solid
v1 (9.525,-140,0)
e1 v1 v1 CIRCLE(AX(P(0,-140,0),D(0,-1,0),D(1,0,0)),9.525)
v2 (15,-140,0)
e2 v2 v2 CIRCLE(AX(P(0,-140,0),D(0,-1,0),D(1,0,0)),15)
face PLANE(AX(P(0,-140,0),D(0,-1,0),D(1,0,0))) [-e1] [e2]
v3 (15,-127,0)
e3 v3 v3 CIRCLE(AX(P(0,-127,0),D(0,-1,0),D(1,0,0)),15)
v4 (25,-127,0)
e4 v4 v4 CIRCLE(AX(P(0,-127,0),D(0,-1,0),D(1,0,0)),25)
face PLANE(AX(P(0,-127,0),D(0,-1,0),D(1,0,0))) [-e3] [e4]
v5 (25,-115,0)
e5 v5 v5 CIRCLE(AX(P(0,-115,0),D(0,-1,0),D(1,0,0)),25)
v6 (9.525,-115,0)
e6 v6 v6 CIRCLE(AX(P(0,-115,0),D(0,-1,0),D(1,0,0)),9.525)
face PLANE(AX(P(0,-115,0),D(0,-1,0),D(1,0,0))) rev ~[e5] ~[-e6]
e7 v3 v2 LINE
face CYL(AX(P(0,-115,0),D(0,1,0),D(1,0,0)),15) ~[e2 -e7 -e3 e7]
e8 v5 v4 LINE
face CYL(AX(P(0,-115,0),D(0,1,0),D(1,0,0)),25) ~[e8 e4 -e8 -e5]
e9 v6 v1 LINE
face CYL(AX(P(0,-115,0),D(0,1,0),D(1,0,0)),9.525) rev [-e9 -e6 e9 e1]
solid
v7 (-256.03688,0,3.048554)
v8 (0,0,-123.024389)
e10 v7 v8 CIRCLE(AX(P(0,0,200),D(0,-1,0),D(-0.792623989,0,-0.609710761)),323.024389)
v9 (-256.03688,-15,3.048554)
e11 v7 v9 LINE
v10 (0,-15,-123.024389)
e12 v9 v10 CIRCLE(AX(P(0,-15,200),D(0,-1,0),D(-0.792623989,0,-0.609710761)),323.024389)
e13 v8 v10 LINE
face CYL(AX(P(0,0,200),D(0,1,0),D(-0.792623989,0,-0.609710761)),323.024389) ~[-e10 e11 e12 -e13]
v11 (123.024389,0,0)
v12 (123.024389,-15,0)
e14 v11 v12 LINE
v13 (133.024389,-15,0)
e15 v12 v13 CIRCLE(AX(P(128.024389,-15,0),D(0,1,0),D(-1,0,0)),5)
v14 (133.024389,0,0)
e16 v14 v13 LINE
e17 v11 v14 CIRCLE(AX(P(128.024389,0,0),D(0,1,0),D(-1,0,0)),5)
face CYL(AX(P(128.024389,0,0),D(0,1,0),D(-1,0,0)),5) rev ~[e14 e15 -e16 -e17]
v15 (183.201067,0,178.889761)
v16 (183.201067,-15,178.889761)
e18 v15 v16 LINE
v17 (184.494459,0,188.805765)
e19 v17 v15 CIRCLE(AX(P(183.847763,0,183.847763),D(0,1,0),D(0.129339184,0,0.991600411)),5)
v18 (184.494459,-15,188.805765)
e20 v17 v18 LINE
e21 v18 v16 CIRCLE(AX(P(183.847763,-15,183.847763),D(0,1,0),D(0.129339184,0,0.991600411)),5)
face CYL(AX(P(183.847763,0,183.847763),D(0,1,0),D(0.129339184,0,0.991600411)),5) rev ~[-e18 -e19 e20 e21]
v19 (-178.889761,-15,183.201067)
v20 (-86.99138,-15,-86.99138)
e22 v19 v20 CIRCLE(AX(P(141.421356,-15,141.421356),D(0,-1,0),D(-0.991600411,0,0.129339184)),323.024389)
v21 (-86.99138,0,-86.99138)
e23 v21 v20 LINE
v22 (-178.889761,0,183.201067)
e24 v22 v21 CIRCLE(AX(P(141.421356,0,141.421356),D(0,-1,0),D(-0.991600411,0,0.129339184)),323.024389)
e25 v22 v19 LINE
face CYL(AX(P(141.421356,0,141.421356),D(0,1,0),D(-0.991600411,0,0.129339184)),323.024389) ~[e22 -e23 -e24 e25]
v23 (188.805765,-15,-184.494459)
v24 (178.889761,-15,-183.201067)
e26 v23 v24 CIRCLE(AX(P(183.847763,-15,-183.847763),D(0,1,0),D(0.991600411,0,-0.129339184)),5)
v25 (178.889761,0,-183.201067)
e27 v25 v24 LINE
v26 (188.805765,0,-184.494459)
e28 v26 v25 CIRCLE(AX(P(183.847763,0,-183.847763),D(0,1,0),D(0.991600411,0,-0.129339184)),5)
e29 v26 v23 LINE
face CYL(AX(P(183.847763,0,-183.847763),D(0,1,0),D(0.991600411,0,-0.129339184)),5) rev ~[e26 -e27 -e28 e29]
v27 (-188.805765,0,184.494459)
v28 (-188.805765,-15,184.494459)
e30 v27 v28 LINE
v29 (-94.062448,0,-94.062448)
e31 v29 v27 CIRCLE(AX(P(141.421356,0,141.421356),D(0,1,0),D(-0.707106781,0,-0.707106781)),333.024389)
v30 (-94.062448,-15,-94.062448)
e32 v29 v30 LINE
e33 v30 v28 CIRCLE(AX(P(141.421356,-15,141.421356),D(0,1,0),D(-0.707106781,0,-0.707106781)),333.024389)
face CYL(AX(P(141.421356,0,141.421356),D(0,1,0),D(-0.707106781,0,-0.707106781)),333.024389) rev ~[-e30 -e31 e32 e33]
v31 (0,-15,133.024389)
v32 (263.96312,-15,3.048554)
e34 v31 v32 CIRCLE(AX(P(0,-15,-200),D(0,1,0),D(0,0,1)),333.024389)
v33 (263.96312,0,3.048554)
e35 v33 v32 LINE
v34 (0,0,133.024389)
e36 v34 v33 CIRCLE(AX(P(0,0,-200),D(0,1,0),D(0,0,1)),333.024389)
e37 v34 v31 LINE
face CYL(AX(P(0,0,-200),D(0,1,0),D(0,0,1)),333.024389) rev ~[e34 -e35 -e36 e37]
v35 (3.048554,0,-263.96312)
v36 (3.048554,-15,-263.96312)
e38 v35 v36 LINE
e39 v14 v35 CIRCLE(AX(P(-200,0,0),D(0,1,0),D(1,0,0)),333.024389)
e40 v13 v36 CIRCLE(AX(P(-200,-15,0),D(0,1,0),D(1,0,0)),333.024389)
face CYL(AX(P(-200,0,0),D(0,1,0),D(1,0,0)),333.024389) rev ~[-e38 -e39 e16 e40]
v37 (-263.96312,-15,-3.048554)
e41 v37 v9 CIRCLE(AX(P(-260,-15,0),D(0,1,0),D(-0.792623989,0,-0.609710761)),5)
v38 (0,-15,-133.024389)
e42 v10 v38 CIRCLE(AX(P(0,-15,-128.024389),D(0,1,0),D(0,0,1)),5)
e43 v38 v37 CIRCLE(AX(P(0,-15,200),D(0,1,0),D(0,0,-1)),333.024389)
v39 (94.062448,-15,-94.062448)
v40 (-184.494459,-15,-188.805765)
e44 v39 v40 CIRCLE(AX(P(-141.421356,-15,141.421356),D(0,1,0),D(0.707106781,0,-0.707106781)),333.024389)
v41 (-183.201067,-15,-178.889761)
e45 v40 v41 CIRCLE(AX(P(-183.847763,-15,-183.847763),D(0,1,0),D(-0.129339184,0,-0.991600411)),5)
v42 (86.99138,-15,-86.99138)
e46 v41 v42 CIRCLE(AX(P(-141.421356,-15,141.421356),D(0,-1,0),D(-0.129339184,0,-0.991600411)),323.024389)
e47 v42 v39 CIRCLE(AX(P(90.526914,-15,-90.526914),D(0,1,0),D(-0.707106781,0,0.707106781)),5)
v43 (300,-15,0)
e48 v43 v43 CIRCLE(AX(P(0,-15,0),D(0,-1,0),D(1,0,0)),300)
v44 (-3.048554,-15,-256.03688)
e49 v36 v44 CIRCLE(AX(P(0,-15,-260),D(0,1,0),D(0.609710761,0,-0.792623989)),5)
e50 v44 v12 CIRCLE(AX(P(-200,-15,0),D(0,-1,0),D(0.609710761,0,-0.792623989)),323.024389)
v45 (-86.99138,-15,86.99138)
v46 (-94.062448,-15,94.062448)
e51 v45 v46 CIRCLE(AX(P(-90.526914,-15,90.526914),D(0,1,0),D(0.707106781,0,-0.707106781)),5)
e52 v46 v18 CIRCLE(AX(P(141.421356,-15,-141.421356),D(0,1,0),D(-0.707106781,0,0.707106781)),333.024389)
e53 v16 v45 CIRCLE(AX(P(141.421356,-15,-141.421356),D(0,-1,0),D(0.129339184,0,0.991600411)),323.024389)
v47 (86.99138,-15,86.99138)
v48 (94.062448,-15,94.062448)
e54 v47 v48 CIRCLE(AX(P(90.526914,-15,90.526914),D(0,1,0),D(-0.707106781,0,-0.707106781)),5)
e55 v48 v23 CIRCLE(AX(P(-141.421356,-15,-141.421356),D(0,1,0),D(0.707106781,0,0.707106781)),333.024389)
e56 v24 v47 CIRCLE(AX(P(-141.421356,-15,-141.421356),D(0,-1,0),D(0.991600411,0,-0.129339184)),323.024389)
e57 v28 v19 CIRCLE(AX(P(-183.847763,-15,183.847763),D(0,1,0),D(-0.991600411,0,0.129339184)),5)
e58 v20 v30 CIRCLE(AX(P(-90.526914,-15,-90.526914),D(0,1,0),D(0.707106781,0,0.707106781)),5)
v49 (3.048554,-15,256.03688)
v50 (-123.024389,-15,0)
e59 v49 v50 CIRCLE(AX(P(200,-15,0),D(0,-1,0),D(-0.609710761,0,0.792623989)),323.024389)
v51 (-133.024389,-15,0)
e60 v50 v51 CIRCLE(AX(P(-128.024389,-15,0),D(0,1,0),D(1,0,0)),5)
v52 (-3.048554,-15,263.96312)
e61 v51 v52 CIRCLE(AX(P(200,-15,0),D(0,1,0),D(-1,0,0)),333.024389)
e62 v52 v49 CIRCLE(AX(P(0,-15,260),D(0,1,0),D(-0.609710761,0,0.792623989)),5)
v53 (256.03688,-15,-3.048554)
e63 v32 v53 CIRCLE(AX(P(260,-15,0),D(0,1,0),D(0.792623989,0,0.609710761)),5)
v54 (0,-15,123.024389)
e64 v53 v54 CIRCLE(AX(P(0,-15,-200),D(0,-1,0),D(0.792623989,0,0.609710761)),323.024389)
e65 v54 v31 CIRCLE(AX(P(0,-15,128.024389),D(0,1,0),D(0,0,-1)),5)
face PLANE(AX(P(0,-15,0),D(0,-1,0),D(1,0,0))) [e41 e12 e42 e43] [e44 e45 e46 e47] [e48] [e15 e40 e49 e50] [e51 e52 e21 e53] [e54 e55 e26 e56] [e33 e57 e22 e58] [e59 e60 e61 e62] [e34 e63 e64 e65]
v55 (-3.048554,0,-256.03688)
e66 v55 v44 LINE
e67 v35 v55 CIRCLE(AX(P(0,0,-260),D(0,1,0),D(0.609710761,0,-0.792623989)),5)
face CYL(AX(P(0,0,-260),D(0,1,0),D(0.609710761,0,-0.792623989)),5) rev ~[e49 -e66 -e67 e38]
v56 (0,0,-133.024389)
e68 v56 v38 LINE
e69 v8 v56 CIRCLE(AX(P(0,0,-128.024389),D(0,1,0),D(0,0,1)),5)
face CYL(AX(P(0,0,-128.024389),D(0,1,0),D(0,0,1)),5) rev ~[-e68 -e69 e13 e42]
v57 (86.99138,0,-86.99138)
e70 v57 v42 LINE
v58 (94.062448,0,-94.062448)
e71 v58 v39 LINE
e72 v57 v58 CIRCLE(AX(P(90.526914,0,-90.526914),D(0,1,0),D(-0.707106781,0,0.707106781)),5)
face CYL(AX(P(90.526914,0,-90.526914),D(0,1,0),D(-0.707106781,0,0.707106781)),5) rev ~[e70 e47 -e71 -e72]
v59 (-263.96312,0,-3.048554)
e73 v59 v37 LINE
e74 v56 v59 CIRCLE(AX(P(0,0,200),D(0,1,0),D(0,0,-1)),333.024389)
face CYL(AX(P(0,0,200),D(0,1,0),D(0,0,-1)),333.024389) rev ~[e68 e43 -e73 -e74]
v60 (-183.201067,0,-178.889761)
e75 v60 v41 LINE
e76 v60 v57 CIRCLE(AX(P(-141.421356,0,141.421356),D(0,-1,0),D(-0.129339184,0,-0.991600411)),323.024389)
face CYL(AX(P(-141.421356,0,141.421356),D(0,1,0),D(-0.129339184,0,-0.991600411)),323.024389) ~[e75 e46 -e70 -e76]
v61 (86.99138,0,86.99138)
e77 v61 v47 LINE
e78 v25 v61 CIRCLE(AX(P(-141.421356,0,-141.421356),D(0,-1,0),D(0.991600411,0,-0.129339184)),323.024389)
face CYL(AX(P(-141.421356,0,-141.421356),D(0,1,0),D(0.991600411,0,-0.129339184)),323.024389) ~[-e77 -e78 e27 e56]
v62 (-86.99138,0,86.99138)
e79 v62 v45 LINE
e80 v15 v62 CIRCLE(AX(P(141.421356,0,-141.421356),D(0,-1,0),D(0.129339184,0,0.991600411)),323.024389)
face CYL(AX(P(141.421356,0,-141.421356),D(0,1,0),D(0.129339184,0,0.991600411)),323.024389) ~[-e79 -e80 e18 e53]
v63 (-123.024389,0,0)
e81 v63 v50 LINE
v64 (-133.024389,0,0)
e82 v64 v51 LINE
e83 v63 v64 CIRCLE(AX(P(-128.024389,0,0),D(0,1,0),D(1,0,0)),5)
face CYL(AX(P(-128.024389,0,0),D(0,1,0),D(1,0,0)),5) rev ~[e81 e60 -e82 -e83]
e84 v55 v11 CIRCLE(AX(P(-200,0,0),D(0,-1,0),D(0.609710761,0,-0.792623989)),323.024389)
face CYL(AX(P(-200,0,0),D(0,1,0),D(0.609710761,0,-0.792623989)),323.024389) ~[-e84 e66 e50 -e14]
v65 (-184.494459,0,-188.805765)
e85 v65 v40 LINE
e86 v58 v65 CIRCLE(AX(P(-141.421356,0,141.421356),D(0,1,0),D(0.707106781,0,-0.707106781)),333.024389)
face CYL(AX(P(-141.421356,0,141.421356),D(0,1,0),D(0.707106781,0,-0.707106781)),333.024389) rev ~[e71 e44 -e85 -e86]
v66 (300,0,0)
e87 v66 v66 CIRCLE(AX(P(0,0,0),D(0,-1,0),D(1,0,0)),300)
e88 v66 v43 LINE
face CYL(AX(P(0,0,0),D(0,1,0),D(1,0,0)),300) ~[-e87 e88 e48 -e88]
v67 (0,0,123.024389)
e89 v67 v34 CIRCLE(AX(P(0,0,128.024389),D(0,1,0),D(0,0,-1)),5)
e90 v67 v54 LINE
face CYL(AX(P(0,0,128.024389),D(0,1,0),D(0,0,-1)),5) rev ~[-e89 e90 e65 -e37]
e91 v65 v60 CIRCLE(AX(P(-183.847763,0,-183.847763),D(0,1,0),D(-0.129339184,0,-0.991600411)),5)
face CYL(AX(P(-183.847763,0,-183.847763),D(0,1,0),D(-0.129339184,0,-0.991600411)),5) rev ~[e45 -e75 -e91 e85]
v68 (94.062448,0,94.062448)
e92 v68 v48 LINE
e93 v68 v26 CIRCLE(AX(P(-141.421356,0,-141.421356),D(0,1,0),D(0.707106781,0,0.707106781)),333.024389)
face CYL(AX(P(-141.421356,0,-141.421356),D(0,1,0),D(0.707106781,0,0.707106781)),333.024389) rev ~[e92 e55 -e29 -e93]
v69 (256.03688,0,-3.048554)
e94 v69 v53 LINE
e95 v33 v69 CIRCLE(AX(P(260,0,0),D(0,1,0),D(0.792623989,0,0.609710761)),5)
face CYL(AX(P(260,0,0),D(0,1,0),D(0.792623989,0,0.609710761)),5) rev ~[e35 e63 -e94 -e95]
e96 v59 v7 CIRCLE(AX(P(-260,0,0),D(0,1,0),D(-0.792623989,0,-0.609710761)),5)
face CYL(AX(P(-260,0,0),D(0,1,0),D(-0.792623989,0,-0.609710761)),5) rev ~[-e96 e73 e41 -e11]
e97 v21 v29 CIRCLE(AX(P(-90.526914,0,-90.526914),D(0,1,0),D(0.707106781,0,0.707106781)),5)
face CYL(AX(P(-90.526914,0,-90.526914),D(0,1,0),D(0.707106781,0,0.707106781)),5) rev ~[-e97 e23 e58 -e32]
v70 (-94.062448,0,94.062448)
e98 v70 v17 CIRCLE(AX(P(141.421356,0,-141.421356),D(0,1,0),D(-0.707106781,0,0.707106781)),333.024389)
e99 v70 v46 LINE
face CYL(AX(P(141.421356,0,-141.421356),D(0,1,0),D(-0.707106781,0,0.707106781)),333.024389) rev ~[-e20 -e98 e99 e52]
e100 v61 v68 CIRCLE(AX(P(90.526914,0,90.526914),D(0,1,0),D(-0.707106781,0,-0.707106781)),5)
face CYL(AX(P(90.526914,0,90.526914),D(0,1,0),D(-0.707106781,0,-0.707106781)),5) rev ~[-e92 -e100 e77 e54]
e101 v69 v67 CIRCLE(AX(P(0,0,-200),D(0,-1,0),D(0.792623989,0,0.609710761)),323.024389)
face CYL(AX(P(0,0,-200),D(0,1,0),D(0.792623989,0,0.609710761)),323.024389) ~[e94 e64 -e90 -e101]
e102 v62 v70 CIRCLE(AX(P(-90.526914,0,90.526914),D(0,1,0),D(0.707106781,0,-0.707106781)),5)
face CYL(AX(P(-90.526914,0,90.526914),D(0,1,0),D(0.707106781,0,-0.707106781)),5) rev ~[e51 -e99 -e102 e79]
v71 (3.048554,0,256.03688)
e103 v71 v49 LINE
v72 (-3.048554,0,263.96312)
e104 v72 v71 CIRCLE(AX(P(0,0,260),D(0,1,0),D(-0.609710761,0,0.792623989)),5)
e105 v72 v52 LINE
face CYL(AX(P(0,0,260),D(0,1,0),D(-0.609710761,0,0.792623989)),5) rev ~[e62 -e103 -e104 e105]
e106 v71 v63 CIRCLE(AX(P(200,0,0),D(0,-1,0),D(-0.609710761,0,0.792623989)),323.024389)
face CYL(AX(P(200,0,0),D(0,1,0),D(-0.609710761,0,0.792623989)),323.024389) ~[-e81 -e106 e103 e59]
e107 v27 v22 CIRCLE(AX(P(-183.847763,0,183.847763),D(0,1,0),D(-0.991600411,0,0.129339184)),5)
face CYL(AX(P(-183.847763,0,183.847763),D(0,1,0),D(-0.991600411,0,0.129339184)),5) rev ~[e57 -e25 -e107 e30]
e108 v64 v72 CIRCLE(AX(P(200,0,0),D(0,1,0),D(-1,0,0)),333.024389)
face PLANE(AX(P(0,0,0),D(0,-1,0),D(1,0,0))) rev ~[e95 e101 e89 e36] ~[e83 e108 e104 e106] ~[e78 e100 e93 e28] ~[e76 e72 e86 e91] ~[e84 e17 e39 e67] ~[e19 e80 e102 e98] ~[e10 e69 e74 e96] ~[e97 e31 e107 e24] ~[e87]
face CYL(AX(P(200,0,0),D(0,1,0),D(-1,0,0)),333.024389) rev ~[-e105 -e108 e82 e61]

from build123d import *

# Parameters (mm, degrees)
F0_R     = 300
F1_DEPTH = 15
F3_R     = 15
F3_R_2   = 9.525
F4_DEPTH = 25
F3_R_3   = 25
F5_DEPTH = 12


with BuildPart() as f1:
    # F0 (on Front) → F1 (new body)
    with BuildSketch(Plane.XZ):
        Circle(F0_R)
        with BuildLine():
            ThreePointArc((94.0624477635, -94.0624477635), (-34.1854315992, -173.8653392644), (-184.4944590288, -188.8057651644))
            ThreePointArc((-184.4944590288, -188.8057651644), (-188.8057651644, -183.2010671882), (-183.2010671882, -178.8897610526))
            ThreePointArc((-183.2010671882, -178.8897610526), (-37.405493795, -164.3979637328), (86.9913799516, -86.9913799516))
            ThreePointArc((86.9913799516, -86.9913799516), (94.0624477635, -86.9913799516), (94.0624477635, -94.0624477635))
        make_face(mode=Mode.SUBTRACT)
        with BuildLine():
            ThreePointArc((0, -133.0243893371), (-147.1141109087, -98.7686099056), (-263.9631199455, -3.0485538042))
            ThreePointArc((-263.9631199455, -3.0485538042), (-263.0485538042, 3.9631199455), (-256.0368800545, 3.0485538042))
            ThreePointArc((-256.0368800545, 3.0485538042), (-142.6965932848, -89.7972366527), (0, -123.0243893371))
            ThreePointArc((0, -123.0243893371), (5, -128.0243893371), (0, -133.0243893371))
        make_face(mode=Mode.SUBTRACT)
        with BuildLine():
            ThreePointArc((133.0243893371, 0), (98.7686099056, -147.1141109087), (3.0485538042, -263.9631199455))
            ThreePointArc((3.0485538042, -263.9631199455), (-3.9631199455, -263.0485538042), (-3.0485538042, -256.0368800545))
            ThreePointArc((-3.0485538042, -256.0368800545), (89.7972366527, -142.6965932848), (123.0243893371, 0))
            ThreePointArc((123.0243893371, 0), (128.0243893371, 5), (133.0243893371, 0))
        make_face(mode=Mode.SUBTRACT)
        with BuildLine():
            ThreePointArc((94.0624477635, 94.0624477635), (173.8653392644, -34.1854315992), (188.8057651644, -184.4944590288))
            ThreePointArc((188.8057651644, -184.4944590288), (183.2010671882, -188.8057651644), (178.8897610526, -183.2010671882))
            ThreePointArc((178.8897610526, -183.2010671882), (164.3979637328, -37.405493795), (86.9913799516, 86.9913799516))
            ThreePointArc((86.9913799516, 86.9913799516), (86.9913799516, 94.0624477635), (94.0624477635, 94.0624477635))
        make_face(mode=Mode.SUBTRACT)
        with BuildLine():
            ThreePointArc((-94.0624477635, -94.0624477635), (-173.8653392644, 34.1854315992), (-188.8057651644, 184.4944590288))
            ThreePointArc((-188.8057651644, 184.4944590288), (-183.2010671882, 188.8057651644), (-178.8897610526, 183.2010671882))
            ThreePointArc((-178.8897610526, 183.2010671882), (-164.3979637328, 37.405493795), (-86.9913799516, -86.9913799516))
            ThreePointArc((-86.9913799516, -86.9913799516), (-86.9913799516, -94.0624477635), (-94.0624477635, -94.0624477635))
        make_face(mode=Mode.SUBTRACT)
        with BuildLine():
            ThreePointArc((-133.0243893371, 0), (-98.7686099056, 147.1141109087), (-3.0485538042, 263.9631199455))
            ThreePointArc((-3.0485538042, 263.9631199455), (3.9631199455, 263.0485538042), (3.0485538042, 256.0368800545))
            ThreePointArc((3.0485538042, 256.0368800545), (-89.7972366527, 142.6965932848), (-123.0243893371, 0))
            ThreePointArc((-123.0243893371, 0), (-128.0243893371, -5), (-133.0243893371, 0))
        make_face(mode=Mode.SUBTRACT)
        with BuildLine():
            ThreePointArc((0, 133.0243893371), (147.1141109087, 98.7686099056), (263.9631199455, 3.0485538042))
            ThreePointArc((263.9631199455, 3.0485538042), (263.0485538042, -3.9631199455), (256.0368800545, -3.0485538042))
            ThreePointArc((256.0368800545, -3.0485538042), (142.6965932848, 89.7972366527), (0, 123.0243893371))
            ThreePointArc((0, 123.0243893371), (-5, 128.0243893371), (0, 133.0243893371))
        make_face(mode=Mode.SUBTRACT)
        with BuildLine():
            ThreePointArc((-94.0624477635, 94.0624477635), (34.1854315992, 173.8653392644), (184.4944590288, 188.8057651644))
            ThreePointArc((184.4944590288, 188.8057651644), (188.8057651644, 183.2010671882), (183.2010671882, 178.8897610526))
            ThreePointArc((183.2010671882, 178.8897610526), (37.405493795, 164.3979637328), (-86.9913799516, 86.9913799516))
            ThreePointArc((-86.9913799516, 86.9913799516), (-94.0624477635, 86.9913799516), (-94.0624477635, 94.0624477635))
        make_face(mode=Mode.SUBTRACT)
    extrude(amount=F1_DEPTH)


with BuildPart() as f4:
    # F3 (on offset) → F4 (new body)
    with BuildSketch(Plane.XZ.offset(115)):
        Circle(F3_R)
        Circle(F3_R_2, mode=Mode.SUBTRACT)
    extrude(amount=F4_DEPTH)

    # F3 (on offset) → F5 (join)
    with BuildSketch(Plane.XZ.offset(115)):
        Circle(F3_R_3)
        Circle(F3_R, mode=Mode.SUBTRACT)
    extrude(amount=F5_DEPTH)


solid = Compound([f1.part, f4.part])
